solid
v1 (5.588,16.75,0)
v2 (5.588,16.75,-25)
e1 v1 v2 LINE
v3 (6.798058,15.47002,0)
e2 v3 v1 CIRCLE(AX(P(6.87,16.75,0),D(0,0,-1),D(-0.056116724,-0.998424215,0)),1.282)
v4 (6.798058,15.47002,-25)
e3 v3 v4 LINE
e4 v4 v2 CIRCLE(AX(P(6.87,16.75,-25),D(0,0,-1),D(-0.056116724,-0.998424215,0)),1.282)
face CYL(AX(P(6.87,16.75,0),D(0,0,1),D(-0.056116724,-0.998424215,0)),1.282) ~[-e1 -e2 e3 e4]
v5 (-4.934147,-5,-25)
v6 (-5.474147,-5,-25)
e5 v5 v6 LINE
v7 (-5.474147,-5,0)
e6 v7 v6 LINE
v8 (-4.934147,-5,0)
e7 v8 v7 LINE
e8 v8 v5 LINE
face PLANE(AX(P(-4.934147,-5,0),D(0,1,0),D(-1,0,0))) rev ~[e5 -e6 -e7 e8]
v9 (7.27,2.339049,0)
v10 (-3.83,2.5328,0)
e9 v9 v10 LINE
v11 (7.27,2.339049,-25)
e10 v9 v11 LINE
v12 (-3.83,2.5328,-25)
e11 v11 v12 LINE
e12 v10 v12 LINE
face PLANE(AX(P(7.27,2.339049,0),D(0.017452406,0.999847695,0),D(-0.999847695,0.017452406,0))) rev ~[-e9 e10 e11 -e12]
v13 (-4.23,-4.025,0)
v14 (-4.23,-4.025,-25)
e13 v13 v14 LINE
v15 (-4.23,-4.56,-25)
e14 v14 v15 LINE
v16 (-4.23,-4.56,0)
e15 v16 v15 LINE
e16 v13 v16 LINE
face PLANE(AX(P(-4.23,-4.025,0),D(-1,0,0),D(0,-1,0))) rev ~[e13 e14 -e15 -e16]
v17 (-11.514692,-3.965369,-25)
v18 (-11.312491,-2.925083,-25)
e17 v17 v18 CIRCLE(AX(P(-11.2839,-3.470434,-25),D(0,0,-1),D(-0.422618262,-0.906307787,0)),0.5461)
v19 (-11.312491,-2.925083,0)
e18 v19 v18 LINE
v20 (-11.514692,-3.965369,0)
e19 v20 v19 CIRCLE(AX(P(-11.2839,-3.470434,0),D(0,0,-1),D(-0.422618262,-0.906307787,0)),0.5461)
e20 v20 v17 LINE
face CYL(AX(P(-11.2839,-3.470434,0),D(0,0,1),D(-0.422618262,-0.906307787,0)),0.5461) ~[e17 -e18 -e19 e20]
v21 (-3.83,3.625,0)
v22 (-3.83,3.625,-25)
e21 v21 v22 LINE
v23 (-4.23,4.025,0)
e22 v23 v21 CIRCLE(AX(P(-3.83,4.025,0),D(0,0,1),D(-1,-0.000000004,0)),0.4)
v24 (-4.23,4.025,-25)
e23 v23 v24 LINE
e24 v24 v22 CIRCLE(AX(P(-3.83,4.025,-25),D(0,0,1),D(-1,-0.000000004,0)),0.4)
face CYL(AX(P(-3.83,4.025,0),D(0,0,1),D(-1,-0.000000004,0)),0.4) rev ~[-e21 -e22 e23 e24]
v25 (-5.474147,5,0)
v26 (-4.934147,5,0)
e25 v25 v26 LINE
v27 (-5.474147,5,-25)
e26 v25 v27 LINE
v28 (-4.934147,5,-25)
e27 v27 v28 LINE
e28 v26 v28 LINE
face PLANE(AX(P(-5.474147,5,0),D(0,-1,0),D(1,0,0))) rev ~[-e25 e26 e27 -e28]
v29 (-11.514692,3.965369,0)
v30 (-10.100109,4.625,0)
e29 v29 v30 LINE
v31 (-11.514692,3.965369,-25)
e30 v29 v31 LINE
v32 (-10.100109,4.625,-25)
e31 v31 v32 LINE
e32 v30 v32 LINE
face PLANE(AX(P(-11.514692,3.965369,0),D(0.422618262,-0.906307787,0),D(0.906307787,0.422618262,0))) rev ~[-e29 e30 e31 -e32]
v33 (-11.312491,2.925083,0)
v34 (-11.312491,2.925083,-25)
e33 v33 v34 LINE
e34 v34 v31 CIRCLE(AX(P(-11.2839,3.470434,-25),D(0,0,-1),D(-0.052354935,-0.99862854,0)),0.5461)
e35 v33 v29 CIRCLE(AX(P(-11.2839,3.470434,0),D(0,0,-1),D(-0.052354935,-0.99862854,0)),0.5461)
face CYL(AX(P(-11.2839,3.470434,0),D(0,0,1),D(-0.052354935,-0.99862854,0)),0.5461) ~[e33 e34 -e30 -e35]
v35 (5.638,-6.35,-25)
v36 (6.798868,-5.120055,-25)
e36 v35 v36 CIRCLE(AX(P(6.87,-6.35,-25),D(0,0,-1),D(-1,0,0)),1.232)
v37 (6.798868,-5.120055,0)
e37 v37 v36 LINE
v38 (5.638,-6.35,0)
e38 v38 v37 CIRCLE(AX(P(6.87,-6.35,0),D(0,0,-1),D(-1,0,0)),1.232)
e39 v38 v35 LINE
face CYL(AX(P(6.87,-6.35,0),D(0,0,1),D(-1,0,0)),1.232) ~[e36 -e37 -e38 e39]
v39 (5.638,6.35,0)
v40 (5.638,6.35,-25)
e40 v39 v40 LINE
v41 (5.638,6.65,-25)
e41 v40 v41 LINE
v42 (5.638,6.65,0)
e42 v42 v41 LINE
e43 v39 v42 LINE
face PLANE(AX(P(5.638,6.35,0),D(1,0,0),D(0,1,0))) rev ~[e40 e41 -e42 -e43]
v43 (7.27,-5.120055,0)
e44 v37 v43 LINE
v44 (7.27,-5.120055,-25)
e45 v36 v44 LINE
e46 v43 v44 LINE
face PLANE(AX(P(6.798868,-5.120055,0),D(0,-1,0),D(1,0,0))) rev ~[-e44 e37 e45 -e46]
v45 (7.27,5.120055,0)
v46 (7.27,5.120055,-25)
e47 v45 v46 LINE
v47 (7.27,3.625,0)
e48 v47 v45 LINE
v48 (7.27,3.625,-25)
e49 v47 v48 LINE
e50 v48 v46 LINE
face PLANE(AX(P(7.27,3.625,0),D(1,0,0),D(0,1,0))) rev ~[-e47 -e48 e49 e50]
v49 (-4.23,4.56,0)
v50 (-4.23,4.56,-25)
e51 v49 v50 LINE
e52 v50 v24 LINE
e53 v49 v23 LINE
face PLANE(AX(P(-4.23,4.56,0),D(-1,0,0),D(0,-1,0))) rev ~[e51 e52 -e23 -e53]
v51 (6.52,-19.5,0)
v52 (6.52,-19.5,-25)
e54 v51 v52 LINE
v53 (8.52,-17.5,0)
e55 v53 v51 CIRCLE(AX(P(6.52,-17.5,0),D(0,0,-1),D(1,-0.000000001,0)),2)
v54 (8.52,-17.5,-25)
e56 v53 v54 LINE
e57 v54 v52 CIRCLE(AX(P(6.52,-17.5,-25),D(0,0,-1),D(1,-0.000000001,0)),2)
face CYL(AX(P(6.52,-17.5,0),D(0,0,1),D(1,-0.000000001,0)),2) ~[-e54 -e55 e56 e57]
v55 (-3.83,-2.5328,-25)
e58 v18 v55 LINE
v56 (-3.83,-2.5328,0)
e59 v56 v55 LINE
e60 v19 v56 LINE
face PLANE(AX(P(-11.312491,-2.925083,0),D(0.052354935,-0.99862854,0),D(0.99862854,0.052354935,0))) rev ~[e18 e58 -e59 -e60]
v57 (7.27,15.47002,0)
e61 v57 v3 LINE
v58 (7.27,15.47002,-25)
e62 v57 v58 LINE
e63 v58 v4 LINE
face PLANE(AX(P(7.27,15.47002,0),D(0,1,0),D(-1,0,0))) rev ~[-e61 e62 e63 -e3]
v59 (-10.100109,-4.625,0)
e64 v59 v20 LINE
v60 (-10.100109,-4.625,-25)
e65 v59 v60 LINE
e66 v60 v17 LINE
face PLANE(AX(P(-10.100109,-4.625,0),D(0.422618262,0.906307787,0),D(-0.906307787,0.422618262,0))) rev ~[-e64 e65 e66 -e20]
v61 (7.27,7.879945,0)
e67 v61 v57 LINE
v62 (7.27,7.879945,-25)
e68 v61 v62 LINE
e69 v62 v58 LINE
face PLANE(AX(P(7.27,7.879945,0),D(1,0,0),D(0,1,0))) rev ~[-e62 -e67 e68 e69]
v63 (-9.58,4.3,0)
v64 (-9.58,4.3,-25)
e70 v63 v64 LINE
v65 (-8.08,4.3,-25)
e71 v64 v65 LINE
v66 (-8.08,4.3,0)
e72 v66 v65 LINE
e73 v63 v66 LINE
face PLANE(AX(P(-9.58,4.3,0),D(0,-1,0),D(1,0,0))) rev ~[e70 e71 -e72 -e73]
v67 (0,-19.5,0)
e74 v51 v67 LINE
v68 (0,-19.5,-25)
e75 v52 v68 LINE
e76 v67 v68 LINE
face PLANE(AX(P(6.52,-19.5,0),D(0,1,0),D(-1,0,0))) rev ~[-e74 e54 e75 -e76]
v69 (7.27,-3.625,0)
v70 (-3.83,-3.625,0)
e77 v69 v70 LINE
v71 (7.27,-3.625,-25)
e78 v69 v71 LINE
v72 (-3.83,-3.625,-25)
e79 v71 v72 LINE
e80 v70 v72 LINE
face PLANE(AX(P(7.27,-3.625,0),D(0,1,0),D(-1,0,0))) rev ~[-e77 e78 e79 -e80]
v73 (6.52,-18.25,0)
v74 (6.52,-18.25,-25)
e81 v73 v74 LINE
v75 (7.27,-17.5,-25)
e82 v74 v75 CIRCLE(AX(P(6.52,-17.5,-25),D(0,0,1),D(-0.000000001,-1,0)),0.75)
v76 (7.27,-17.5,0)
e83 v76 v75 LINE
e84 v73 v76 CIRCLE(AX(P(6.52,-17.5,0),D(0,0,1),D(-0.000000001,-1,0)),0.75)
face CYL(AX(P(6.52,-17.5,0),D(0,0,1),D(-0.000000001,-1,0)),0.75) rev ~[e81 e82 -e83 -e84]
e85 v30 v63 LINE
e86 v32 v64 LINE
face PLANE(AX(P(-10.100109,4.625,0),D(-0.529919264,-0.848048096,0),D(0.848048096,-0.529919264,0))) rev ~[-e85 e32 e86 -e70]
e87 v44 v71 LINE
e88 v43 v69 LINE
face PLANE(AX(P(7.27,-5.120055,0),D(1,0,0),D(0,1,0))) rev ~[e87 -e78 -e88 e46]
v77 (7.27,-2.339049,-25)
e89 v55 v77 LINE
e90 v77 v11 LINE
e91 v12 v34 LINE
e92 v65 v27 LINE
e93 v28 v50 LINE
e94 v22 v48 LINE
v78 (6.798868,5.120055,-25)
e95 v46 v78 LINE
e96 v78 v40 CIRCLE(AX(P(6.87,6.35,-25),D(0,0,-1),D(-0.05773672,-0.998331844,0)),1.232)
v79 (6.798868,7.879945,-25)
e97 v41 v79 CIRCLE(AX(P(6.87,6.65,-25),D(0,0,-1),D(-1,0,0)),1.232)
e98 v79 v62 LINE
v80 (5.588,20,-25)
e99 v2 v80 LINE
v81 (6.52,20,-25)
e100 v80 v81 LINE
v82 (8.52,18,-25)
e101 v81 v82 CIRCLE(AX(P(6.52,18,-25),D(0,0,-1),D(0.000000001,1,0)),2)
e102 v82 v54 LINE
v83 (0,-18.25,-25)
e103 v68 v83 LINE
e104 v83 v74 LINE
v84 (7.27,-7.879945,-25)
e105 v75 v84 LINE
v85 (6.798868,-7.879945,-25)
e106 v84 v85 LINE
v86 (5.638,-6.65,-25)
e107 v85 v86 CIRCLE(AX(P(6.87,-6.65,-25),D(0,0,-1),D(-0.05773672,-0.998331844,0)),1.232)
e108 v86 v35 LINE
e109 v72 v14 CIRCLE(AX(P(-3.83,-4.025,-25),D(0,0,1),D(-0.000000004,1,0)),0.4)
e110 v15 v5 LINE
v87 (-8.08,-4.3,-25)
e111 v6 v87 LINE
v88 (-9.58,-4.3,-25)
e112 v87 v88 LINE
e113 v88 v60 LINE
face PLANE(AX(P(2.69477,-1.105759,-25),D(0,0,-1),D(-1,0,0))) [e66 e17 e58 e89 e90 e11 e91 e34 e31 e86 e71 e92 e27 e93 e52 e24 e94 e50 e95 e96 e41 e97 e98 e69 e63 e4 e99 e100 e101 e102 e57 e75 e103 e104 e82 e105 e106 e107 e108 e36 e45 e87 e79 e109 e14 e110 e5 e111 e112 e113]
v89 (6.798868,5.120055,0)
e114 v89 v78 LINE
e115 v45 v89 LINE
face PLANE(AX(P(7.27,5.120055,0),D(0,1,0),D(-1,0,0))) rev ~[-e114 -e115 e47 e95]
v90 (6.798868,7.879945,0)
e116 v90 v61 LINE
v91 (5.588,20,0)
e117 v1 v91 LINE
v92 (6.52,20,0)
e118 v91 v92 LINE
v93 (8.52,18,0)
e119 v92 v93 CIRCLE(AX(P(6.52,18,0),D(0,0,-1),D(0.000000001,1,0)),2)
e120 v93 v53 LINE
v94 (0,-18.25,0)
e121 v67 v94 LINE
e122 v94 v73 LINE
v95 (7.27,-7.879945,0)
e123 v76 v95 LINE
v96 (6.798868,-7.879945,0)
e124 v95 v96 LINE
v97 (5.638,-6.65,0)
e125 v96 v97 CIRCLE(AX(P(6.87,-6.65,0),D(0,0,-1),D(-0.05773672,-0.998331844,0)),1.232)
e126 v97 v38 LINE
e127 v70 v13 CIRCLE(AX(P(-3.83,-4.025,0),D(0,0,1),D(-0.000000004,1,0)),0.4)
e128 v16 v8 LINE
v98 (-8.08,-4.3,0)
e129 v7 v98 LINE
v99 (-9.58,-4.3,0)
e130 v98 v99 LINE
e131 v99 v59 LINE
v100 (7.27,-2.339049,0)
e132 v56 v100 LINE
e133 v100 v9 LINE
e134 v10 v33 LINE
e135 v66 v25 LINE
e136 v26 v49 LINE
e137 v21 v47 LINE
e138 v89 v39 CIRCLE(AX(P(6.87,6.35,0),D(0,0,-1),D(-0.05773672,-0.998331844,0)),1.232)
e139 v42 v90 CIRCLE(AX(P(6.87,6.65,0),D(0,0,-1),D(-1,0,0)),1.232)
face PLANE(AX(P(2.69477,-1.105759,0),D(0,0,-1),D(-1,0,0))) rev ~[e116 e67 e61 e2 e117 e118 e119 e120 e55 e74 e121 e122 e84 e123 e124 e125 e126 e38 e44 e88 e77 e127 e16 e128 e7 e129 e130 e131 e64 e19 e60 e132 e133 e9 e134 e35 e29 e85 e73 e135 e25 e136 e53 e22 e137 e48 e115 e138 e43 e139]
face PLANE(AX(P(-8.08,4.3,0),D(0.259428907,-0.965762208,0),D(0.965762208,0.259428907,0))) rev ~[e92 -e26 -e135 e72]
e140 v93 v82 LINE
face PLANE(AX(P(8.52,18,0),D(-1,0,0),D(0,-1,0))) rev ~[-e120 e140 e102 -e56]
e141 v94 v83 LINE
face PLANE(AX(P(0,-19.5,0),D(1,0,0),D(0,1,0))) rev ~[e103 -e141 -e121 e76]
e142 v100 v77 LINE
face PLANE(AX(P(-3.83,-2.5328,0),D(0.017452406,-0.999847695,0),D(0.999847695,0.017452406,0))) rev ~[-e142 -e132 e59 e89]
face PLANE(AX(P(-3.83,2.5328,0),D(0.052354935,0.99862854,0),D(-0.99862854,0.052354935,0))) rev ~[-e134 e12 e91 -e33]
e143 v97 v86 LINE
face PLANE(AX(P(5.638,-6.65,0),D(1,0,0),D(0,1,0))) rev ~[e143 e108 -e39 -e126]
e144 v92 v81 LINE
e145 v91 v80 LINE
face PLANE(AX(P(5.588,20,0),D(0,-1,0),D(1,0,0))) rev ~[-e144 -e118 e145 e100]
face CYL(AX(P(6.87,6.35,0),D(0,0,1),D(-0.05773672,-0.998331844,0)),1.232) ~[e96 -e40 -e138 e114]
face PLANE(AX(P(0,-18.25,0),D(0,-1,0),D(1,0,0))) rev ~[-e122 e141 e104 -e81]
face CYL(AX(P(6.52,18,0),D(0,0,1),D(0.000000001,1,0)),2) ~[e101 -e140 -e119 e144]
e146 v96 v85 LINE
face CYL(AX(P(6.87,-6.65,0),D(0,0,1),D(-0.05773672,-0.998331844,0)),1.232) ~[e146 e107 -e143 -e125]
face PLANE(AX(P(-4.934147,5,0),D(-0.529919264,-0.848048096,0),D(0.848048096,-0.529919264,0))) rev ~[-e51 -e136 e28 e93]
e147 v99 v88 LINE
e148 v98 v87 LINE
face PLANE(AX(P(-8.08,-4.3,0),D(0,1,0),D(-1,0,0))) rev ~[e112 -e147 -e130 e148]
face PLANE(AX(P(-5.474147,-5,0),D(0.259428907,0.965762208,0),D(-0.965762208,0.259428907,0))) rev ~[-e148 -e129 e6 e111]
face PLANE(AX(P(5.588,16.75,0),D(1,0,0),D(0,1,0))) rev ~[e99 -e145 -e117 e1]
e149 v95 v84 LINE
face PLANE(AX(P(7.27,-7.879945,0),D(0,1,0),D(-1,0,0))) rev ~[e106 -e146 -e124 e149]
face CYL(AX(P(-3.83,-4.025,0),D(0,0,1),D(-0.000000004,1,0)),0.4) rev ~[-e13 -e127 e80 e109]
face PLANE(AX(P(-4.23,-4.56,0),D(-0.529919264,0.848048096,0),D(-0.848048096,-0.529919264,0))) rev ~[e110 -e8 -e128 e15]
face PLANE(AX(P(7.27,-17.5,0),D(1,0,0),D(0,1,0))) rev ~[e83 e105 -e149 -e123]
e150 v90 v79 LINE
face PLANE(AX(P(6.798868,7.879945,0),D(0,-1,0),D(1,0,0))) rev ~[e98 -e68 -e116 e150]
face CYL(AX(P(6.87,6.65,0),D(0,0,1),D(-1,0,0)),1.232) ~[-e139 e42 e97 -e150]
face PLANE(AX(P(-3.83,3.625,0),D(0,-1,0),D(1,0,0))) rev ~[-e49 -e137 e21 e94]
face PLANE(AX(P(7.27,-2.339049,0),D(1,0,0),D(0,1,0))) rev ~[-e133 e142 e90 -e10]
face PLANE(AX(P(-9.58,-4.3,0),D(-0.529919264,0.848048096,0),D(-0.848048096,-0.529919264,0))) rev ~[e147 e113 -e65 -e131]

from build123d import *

# Parameters (mm, degrees)
MAIN_EXTRUSION_DEPTH = 25


with BuildPart() as part:
    # Sk Main Extrusion → Main Extrusion (new body)
    with BuildSketch(Plane.XY):
        with BuildLine():
            Line((-3.83, 2.5328), (-11.31249103, 2.925083334))
            ThreePointArc((-11.31249103, 2.925083334), (-11.819967595, 3.366238681), (-11.514691833, 3.965369062))
            Line((-11.514691833, 3.965369062), (-10.100108722, 4.625))
            Line((-10.100108722, 4.625), (-9.58, 4.3))
            Line((-9.58, 4.3), (-8.08, 4.3))
            Line((-8.08, 4.3), (-5.474147193, 5))
            Line((-5.474147193, 5), (-4.934147193, 5))
            Line((-4.934147193, 5), (-4.23, 4.56))
            Line((-4.23, 4.56), (-4.23, 4.025))
            ThreePointArc((-4.23, 4.025), (-4.112842712, 3.742157288), (-3.83, 3.625))
            Line((-3.83, 3.625), (7.27, 3.625))
            Line((7.27, 3.625), (7.27, 5.120055168))
            Line((7.27, 5.120055168), (6.79886836, 5.120055168))
            ThreePointArc((6.79886836, 5.120055168), (5.9740485, 5.504367154), (5.638, 6.35))
            Line((5.638, 6.35), (5.638, 6.65))
            ThreePointArc((5.638, 6.65), (5.9740485, 7.495632846), (6.79886836, 7.879944832))
            Line((6.79886836, 7.879944832), (7.27, 7.879944832))
            Line((7.27, 7.879944832), (7.27, 15.470020156))
            Line((7.27, 15.470020156), (6.798058361, 15.470020156))
            ThreePointArc((6.798058361, 15.470020156), (5.938401057, 15.86929153), (5.588, 16.75))
            Line((5.588, 16.75), (5.588, 20))
            Line((5.588, 20), (6.52, 20))
            ThreePointArc((6.52, 20), (7.934213562, 19.414213562), (8.52, 18))
            Line((8.52, 18), (8.52, -17.5))
            ThreePointArc((8.52, -17.5), (7.934213562, -18.914213562), (6.52, -19.5))
            Line((6.52, -19.5), (0, -19.5))
            Line((0, -19.5), (0, -18.25))
            Line((0, -18.25), (6.52, -18.25))
            ThreePointArc((6.52, -18.25), (7.050330086, -18.030330086), (7.27, -17.5))
            Line((7.27, -17.5), (7.27, -7.879944832))
            Line((7.27, -7.879944832), (6.79886836, -7.879944832))
            ThreePointArc((6.79886836, -7.879944832), (5.9740485, -7.495632846), (5.638, -6.65))
            Line((5.638, -6.65), (5.638, -6.35))
            ThreePointArc((5.638, -6.35), (5.9740485, -5.504367154), (6.79886836, -5.120055168))
            Line((6.79886836, -5.120055168), (7.27, -5.120055168))
            Line((7.27, -5.120055168), (7.27, -3.625))
            Line((7.27, -3.625), (-3.83, -3.625))
            ThreePointArc((-3.83, -3.625), (-4.112842712, -3.742157288), (-4.23, -4.025))
            Line((-4.23, -4.025), (-4.23, -4.56))
            Line((-4.23, -4.56), (-4.934147193, -5))
            Line((-4.934147193, -5), (-5.474147193, -5))
            Line((-5.474147193, -5), (-8.08, -4.3))
            Line((-8.08, -4.3), (-9.58, -4.3))
            Line((-9.58, -4.3), (-10.100108722, -4.625))
            Line((-10.100108722, -4.625), (-11.514691833, -3.965369062))
            ThreePointArc((-11.514691833, -3.965369062), (-11.819967595, -3.366238681), (-11.31249103, -2.925083334))
            Line((-11.31249103, -2.925083334), (-3.83, -2.5328))
            Line((-3.83, -2.5328), (7.27, -2.339048779))
            Line((7.27, -2.339048779), (7.27, 2.339048779))
            Line((7.27, 2.339048779), (-3.83, 2.5328))
        make_face()
    extrude(amount=-MAIN_EXTRUSION_DEPTH)


solid = part.part
